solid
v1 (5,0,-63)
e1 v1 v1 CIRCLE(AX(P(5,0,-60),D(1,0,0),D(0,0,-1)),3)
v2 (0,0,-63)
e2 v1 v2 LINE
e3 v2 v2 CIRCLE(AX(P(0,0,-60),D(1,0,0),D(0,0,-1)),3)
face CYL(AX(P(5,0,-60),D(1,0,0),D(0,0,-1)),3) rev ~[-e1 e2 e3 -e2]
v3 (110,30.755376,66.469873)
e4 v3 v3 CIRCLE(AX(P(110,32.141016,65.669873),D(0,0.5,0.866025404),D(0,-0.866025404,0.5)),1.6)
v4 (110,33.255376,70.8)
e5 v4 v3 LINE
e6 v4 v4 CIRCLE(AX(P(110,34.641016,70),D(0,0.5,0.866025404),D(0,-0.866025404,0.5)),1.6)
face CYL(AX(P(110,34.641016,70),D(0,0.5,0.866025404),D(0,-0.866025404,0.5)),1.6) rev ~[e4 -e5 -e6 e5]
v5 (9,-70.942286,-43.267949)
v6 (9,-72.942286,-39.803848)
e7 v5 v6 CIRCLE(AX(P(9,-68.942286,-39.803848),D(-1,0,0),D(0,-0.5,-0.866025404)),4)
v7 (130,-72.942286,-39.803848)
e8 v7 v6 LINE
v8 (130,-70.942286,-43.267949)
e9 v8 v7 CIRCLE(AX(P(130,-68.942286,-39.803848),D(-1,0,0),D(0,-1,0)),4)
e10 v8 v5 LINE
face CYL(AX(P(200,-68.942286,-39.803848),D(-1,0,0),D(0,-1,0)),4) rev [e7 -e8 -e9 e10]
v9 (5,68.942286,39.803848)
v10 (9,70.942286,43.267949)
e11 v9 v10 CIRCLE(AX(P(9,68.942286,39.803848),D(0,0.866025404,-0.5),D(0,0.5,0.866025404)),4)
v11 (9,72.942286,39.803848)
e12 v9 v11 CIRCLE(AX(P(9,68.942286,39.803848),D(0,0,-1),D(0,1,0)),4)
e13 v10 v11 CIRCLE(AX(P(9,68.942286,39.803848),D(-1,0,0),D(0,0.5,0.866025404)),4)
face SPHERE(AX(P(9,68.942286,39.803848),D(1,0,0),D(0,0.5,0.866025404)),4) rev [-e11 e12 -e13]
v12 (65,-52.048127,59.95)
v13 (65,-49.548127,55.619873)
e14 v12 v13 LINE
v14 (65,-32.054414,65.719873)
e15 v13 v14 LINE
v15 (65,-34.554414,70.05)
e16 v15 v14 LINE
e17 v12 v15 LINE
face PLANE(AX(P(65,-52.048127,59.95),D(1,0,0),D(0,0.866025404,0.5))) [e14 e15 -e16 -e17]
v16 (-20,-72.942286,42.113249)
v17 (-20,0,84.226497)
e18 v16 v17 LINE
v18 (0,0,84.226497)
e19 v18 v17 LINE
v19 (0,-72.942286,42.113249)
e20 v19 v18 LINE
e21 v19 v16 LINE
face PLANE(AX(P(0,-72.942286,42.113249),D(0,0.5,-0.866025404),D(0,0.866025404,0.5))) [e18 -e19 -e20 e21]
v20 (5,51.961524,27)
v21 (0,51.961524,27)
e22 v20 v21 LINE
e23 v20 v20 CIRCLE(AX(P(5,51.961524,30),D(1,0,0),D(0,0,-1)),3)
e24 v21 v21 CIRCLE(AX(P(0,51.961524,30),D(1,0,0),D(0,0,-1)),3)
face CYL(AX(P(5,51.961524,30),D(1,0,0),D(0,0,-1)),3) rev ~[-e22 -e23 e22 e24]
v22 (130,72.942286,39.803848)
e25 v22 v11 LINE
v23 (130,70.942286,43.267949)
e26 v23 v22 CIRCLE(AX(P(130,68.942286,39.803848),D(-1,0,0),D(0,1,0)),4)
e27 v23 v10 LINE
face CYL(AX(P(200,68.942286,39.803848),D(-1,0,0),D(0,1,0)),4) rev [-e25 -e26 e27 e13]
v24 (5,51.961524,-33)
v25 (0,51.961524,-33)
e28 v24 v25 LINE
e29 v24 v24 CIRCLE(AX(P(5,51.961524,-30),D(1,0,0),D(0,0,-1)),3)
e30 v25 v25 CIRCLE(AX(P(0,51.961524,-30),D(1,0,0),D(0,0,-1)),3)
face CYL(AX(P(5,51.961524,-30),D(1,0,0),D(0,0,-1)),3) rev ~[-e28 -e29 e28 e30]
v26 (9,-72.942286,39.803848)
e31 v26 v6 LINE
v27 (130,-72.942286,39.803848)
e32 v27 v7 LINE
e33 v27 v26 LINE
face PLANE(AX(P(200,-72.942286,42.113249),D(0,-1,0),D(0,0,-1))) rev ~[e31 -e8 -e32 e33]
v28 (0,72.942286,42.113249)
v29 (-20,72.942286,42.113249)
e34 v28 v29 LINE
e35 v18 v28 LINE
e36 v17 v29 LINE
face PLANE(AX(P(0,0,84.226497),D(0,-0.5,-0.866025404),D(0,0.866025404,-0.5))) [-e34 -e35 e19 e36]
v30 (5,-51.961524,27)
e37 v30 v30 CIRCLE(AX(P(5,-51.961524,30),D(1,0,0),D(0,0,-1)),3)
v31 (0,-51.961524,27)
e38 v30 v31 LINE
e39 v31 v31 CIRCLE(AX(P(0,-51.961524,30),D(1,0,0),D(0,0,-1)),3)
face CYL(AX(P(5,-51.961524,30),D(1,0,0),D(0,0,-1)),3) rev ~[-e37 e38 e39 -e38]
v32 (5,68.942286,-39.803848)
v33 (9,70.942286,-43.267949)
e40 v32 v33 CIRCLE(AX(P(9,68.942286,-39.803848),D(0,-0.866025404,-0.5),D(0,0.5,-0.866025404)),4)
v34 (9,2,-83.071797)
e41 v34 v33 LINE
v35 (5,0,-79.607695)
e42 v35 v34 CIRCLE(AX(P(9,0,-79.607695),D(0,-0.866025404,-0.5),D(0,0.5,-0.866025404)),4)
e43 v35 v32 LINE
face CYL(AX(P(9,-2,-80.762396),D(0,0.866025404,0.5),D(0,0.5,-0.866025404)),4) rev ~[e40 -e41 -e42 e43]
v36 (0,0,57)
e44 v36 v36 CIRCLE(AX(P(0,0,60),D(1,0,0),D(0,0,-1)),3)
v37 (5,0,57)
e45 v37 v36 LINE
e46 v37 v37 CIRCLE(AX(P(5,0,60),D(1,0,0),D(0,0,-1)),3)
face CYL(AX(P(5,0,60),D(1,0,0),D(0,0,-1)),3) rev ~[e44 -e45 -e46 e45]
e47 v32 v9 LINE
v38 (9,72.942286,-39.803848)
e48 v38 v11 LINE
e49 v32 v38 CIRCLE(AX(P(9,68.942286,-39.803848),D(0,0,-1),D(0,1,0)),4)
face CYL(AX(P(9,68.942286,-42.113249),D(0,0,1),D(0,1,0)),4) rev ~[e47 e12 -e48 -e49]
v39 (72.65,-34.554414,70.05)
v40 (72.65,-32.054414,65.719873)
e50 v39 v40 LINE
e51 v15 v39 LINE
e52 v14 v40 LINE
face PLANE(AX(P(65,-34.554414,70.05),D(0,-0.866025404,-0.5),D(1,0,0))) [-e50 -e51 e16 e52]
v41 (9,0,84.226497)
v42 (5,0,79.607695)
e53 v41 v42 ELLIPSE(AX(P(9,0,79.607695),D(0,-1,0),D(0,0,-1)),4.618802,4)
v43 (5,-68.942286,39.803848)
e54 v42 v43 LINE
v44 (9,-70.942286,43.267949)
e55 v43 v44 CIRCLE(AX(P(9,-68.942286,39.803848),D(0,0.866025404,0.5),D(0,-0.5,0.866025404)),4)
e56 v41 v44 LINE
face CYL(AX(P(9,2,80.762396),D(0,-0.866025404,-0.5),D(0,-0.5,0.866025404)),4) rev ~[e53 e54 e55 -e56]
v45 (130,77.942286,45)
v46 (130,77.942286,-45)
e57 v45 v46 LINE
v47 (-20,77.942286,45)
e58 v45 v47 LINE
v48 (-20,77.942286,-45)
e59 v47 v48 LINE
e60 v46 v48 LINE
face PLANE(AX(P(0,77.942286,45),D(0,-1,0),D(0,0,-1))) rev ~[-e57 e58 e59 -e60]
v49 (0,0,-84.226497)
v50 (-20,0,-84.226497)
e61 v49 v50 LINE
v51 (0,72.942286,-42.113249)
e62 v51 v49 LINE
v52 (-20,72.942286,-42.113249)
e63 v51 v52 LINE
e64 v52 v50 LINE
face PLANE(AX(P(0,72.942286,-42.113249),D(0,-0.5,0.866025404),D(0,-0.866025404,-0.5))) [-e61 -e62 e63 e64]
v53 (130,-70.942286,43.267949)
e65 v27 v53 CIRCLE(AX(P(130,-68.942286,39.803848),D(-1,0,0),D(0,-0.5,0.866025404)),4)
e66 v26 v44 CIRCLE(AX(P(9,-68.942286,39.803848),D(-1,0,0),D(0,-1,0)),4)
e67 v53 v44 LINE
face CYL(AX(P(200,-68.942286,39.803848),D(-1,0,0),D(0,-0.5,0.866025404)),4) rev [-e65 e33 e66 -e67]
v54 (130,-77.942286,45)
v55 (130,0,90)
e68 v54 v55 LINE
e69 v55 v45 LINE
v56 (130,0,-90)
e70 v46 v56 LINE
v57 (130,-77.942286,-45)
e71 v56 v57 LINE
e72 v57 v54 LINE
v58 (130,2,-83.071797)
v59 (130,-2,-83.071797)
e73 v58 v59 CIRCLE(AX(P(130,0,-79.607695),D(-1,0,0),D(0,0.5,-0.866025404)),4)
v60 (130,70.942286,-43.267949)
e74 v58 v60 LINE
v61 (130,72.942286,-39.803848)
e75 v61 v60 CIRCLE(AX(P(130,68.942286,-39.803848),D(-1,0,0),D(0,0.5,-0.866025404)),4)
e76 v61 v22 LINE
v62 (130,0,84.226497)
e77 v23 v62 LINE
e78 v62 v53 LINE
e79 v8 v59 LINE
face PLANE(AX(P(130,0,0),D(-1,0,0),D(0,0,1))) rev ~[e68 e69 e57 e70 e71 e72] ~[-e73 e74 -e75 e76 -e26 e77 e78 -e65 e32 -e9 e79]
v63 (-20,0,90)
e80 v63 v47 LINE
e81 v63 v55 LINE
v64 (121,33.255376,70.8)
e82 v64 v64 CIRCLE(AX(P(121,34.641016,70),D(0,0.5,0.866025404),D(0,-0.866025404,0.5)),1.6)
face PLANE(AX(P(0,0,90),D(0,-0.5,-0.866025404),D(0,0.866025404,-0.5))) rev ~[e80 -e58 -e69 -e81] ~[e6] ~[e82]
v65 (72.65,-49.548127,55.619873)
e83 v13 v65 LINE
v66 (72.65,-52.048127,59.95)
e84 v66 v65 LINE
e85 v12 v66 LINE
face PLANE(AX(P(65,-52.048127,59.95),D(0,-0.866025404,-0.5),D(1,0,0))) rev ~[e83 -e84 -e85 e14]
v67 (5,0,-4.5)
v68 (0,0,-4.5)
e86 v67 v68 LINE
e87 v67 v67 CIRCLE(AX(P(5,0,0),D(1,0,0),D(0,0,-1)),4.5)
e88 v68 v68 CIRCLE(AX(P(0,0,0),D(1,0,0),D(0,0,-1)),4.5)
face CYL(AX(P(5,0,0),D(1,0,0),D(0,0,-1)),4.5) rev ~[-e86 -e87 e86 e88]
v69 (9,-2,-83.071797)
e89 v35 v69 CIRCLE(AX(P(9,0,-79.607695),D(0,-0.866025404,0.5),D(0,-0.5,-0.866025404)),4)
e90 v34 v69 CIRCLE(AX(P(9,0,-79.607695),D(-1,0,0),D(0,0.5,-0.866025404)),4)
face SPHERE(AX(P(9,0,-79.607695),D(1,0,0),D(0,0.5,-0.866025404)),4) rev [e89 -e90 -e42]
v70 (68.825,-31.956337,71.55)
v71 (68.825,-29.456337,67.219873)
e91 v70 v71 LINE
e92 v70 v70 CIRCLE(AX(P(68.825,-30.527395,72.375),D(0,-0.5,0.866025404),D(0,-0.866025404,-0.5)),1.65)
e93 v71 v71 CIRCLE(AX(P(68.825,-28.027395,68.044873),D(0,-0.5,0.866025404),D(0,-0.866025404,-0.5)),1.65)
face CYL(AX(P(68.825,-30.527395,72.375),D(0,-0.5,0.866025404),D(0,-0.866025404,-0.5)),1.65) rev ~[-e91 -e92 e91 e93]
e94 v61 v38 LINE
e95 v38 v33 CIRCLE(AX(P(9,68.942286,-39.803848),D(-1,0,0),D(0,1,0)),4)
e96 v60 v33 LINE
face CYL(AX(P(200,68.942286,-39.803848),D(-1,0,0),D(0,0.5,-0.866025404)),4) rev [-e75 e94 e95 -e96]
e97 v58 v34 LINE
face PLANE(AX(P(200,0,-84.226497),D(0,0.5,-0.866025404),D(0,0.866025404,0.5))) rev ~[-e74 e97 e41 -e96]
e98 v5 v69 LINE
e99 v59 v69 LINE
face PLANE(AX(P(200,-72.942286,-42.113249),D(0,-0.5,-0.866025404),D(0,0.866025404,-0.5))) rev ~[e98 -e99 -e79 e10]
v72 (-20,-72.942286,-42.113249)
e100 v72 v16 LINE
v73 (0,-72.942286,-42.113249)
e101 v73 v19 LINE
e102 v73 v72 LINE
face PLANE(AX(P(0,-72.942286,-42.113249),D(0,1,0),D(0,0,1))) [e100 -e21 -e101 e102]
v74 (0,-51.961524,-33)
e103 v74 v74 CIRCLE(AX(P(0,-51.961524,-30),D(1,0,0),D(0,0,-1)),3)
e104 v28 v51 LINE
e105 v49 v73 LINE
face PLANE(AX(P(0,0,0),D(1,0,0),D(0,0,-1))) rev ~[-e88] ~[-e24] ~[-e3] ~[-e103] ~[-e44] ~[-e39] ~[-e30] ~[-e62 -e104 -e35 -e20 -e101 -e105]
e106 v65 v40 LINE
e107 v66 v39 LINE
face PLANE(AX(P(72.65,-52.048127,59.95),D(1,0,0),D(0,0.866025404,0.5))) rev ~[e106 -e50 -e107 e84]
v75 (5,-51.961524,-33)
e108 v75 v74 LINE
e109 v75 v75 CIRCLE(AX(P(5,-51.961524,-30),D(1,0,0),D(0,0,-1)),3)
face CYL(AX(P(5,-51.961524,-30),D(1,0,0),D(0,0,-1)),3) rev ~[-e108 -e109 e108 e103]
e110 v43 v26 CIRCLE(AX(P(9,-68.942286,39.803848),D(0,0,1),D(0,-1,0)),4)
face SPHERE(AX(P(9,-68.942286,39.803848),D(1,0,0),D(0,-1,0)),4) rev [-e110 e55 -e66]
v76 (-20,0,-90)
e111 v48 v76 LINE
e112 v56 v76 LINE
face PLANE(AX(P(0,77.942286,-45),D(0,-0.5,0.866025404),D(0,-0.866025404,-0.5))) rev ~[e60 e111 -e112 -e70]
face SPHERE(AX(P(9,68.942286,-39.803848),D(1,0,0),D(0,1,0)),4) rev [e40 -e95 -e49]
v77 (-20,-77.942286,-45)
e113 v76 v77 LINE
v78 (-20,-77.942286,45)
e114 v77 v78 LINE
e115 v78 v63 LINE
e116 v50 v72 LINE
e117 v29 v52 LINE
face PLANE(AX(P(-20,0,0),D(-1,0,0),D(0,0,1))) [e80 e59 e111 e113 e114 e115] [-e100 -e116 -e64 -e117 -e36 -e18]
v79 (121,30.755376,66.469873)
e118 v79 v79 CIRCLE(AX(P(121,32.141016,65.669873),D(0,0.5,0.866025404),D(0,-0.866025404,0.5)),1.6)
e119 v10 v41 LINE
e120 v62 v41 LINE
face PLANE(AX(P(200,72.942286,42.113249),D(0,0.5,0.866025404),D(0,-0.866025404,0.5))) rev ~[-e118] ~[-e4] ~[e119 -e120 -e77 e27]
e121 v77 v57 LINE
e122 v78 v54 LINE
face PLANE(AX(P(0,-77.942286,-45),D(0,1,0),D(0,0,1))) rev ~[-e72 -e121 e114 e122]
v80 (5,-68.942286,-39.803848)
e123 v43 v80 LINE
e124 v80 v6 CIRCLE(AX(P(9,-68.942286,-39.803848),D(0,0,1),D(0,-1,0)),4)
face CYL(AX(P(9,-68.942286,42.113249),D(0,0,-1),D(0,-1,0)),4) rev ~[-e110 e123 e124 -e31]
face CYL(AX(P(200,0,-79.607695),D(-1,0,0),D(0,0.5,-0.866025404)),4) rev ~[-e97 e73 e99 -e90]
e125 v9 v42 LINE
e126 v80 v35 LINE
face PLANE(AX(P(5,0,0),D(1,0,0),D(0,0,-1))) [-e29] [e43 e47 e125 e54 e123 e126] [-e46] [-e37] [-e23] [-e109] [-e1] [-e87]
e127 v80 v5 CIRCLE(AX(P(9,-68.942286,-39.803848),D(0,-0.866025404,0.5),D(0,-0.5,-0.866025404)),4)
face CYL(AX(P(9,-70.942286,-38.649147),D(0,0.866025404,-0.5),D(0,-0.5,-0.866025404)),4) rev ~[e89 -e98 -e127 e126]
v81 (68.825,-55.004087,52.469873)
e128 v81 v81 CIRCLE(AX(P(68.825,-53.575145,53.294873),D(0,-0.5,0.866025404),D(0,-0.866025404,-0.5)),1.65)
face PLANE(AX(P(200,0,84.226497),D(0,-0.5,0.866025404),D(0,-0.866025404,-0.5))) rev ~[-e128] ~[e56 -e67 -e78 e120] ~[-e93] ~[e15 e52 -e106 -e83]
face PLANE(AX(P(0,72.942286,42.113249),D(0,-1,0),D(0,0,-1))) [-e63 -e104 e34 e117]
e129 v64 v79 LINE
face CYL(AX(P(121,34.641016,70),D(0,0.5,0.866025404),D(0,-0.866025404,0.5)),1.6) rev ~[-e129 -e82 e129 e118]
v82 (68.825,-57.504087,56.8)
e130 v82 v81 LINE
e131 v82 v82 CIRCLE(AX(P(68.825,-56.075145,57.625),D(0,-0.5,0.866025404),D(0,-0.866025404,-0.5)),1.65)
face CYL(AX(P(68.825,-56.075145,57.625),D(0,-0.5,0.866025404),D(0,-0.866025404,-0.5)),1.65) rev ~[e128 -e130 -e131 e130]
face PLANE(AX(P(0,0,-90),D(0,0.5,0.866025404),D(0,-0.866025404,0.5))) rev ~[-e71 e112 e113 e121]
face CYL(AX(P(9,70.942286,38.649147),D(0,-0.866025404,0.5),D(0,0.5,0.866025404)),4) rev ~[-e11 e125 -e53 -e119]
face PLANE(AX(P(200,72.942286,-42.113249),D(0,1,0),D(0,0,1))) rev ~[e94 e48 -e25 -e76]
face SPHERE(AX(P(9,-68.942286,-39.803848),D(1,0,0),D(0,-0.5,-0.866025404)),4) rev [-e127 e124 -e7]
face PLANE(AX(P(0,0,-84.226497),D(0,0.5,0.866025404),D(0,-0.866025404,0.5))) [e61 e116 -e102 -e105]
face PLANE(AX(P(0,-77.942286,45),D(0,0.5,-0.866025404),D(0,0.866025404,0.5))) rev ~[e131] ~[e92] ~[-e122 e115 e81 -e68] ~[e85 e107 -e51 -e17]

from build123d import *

# Parameters (mm, degrees)
BOSS_EXTRUDE1_DEPTH = 200
CUT_EXTRUDE1_DEPTH  = 195
SKETCH5_R           = 1.65
SKETCH5_W           = 7.65
SKETCH5_H           = 20.2
CUT_EXTRUDE4_DEPTH  = 70
SKETCH7_R           = 4.5
SKETCH7_R_2         = 3
CUT_EXTRUDE6_DEPTH  = 70
FILLET1_R           = 4
CUT_EXTRUDE7_DEPTH  = 70
SKETCH10_R          = 1.6
CUT_EXTRUDE8_DEPTH  = 6
BOSS_EXTRUDE2_DEPTH = 20


with BuildPart() as part:
    # Sketch1 → Boss-Extrude1 (new body)
    with BuildSketch(Plane(origin=(0, 0, 0), x_dir=(0, 0, -1), z_dir=(1, 0, 0))):
        Polygon((90, 0), (45, 77.942286341), (-45, 77.942286341), (-90, 0), (-45, -77.942286341), (45, -77.942286341), align=None)
    extrude(amount=BOSS_EXTRUDE1_DEPTH)

    # Sketch2 → Cut-Extrude1 (cut)
    with BuildSketch(Plane(origin=(200, 0, 0), x_dir=(0, 0, -1), z_dir=(1, 0, 0))):
        Polygon((84.226497308, 0), (42.113248654, 72.942286341), (-42.113248654, 72.942286341), (-84.226497308, 0), (-42.113248654, -72.942286341), (42.113248654, -72.942286341), align=None)
    extrude(amount=-CUT_EXTRUDE1_DEPTH, mode=Mode.SUBTRACT)

    # Sketch5 → Cut-Extrude4 (cut)
    with BuildSketch(Plane(origin=(0, -38.97114317, 67.5), x_dir=(1, 0, 0), z_dir=(0, -0.500000000000007, 0.8660254037844347))):
        with Locations(Location((68.825, 9.75, 0), (0, 0, 270))):
            Circle(SKETCH5_R)
        with Locations(Location((68.825, -19.75, 0), (0, 0, 270))):
            Circle(SKETCH5_R)
        with Locations((68.825, -5)):
            Rectangle(SKETCH5_W, SKETCH5_H)
    extrude(amount=-CUT_EXTRUDE4_DEPTH, mode=Mode.SUBTRACT)

    # Sketch7 → Cut-Extrude6 (cut)
    with BuildSketch(Plane(origin=(5, 0, 0), x_dir=(0, 0, -1), z_dir=(1, 0, 0))):
        Circle(SKETCH7_R)
        with Locations((60, 0)):
            Circle(SKETCH7_R_2)
        with Locations((30, 51.961524227)):
            Circle(SKETCH7_R_2)
        with Locations((-30, 51.961524227)):
            Circle(SKETCH7_R_2)
        with Locations((-60, 0)):
            Circle(SKETCH7_R_2)
        with Locations((-30, -51.961524227)):
            Circle(SKETCH7_R_2)
        with Locations((30, -51.961524227)):
            Circle(SKETCH7_R_2)
    extrude(amount=-CUT_EXTRUDE6_DEPTH, mode=Mode.SUBTRACT)

    # Fillet1
    fillet1_edges = [part.edges().sort_by_distance(p)[0] for p in [
        (5, -36.47114317, -63.169872981),
        (102.5, 0, -84.226497308),
        (5, -72.942286341, 0),
        (102.5, -72.942286341, -42.113248654),
        (5, -36.47114317, 63.169872981),
        (102.5, -72.942286341, 42.113248654),
        (5, 36.47114317, 63.169872981),
        (5, 72.942286341, 0),
        (102.5, 72.942286341, 42.113248654),
        (5, 36.47114317, -63.169872981),
        (102.5, 72.942286341, -42.113248654),
    ]]
    fillet(fillet1_edges, radius=FILLET1_R)

    # Sketch9 → Cut-Extrude7 (cut)
    with BuildSketch(Plane(origin=(200, 0, 0), x_dir=(0, 0, -1), z_dir=(1, 0, 0))):
        Polygon((45, 77.942286341), (90, 0), (45, -77.942286341), (-45, -77.942286341), (-90, 0), (-45, 77.942286341), align=None)
    extrude(amount=-CUT_EXTRUDE7_DEPTH, mode=Mode.SUBTRACT)

    # Sketch10 → Cut-Extrude8 (cut)
    with BuildSketch(Plane(origin=(0, 38.97114317, 67.5), x_dir=(1, 0, 0), z_dir=(0, 0.49999999999999495, 0.8660254037844417))):
        with Locations(Location((110, -5, 0), (0, 0, 270))):
            Circle(SKETCH10_R)
        with Locations(Location((121, -5, 0), (0, 0, 270))):
            Circle(SKETCH10_R)
    extrude(amount=-CUT_EXTRUDE8_DEPTH, mode=Mode.SUBTRACT)

    # Sketch11 → Boss-Extrude2 (add)
    with BuildSketch(Plane.ZY):
        Polygon((90, 0), (45, 77.942286341), (-45, 77.942286341), (-90, 0), (-45, -77.942286341), (45, -77.942286341), align=None)
        Polygon((84.226497308, 0), (42.113248654, 72.942286341), (-42.113248654, 72.942286341), (-84.226497308, 0), (-42.113248654, -72.942286341), (42.113248654, -72.942286341), align=None, mode=Mode.SUBTRACT)
    extrude(amount=BOSS_EXTRUDE2_DEPTH)


solid = part.part
